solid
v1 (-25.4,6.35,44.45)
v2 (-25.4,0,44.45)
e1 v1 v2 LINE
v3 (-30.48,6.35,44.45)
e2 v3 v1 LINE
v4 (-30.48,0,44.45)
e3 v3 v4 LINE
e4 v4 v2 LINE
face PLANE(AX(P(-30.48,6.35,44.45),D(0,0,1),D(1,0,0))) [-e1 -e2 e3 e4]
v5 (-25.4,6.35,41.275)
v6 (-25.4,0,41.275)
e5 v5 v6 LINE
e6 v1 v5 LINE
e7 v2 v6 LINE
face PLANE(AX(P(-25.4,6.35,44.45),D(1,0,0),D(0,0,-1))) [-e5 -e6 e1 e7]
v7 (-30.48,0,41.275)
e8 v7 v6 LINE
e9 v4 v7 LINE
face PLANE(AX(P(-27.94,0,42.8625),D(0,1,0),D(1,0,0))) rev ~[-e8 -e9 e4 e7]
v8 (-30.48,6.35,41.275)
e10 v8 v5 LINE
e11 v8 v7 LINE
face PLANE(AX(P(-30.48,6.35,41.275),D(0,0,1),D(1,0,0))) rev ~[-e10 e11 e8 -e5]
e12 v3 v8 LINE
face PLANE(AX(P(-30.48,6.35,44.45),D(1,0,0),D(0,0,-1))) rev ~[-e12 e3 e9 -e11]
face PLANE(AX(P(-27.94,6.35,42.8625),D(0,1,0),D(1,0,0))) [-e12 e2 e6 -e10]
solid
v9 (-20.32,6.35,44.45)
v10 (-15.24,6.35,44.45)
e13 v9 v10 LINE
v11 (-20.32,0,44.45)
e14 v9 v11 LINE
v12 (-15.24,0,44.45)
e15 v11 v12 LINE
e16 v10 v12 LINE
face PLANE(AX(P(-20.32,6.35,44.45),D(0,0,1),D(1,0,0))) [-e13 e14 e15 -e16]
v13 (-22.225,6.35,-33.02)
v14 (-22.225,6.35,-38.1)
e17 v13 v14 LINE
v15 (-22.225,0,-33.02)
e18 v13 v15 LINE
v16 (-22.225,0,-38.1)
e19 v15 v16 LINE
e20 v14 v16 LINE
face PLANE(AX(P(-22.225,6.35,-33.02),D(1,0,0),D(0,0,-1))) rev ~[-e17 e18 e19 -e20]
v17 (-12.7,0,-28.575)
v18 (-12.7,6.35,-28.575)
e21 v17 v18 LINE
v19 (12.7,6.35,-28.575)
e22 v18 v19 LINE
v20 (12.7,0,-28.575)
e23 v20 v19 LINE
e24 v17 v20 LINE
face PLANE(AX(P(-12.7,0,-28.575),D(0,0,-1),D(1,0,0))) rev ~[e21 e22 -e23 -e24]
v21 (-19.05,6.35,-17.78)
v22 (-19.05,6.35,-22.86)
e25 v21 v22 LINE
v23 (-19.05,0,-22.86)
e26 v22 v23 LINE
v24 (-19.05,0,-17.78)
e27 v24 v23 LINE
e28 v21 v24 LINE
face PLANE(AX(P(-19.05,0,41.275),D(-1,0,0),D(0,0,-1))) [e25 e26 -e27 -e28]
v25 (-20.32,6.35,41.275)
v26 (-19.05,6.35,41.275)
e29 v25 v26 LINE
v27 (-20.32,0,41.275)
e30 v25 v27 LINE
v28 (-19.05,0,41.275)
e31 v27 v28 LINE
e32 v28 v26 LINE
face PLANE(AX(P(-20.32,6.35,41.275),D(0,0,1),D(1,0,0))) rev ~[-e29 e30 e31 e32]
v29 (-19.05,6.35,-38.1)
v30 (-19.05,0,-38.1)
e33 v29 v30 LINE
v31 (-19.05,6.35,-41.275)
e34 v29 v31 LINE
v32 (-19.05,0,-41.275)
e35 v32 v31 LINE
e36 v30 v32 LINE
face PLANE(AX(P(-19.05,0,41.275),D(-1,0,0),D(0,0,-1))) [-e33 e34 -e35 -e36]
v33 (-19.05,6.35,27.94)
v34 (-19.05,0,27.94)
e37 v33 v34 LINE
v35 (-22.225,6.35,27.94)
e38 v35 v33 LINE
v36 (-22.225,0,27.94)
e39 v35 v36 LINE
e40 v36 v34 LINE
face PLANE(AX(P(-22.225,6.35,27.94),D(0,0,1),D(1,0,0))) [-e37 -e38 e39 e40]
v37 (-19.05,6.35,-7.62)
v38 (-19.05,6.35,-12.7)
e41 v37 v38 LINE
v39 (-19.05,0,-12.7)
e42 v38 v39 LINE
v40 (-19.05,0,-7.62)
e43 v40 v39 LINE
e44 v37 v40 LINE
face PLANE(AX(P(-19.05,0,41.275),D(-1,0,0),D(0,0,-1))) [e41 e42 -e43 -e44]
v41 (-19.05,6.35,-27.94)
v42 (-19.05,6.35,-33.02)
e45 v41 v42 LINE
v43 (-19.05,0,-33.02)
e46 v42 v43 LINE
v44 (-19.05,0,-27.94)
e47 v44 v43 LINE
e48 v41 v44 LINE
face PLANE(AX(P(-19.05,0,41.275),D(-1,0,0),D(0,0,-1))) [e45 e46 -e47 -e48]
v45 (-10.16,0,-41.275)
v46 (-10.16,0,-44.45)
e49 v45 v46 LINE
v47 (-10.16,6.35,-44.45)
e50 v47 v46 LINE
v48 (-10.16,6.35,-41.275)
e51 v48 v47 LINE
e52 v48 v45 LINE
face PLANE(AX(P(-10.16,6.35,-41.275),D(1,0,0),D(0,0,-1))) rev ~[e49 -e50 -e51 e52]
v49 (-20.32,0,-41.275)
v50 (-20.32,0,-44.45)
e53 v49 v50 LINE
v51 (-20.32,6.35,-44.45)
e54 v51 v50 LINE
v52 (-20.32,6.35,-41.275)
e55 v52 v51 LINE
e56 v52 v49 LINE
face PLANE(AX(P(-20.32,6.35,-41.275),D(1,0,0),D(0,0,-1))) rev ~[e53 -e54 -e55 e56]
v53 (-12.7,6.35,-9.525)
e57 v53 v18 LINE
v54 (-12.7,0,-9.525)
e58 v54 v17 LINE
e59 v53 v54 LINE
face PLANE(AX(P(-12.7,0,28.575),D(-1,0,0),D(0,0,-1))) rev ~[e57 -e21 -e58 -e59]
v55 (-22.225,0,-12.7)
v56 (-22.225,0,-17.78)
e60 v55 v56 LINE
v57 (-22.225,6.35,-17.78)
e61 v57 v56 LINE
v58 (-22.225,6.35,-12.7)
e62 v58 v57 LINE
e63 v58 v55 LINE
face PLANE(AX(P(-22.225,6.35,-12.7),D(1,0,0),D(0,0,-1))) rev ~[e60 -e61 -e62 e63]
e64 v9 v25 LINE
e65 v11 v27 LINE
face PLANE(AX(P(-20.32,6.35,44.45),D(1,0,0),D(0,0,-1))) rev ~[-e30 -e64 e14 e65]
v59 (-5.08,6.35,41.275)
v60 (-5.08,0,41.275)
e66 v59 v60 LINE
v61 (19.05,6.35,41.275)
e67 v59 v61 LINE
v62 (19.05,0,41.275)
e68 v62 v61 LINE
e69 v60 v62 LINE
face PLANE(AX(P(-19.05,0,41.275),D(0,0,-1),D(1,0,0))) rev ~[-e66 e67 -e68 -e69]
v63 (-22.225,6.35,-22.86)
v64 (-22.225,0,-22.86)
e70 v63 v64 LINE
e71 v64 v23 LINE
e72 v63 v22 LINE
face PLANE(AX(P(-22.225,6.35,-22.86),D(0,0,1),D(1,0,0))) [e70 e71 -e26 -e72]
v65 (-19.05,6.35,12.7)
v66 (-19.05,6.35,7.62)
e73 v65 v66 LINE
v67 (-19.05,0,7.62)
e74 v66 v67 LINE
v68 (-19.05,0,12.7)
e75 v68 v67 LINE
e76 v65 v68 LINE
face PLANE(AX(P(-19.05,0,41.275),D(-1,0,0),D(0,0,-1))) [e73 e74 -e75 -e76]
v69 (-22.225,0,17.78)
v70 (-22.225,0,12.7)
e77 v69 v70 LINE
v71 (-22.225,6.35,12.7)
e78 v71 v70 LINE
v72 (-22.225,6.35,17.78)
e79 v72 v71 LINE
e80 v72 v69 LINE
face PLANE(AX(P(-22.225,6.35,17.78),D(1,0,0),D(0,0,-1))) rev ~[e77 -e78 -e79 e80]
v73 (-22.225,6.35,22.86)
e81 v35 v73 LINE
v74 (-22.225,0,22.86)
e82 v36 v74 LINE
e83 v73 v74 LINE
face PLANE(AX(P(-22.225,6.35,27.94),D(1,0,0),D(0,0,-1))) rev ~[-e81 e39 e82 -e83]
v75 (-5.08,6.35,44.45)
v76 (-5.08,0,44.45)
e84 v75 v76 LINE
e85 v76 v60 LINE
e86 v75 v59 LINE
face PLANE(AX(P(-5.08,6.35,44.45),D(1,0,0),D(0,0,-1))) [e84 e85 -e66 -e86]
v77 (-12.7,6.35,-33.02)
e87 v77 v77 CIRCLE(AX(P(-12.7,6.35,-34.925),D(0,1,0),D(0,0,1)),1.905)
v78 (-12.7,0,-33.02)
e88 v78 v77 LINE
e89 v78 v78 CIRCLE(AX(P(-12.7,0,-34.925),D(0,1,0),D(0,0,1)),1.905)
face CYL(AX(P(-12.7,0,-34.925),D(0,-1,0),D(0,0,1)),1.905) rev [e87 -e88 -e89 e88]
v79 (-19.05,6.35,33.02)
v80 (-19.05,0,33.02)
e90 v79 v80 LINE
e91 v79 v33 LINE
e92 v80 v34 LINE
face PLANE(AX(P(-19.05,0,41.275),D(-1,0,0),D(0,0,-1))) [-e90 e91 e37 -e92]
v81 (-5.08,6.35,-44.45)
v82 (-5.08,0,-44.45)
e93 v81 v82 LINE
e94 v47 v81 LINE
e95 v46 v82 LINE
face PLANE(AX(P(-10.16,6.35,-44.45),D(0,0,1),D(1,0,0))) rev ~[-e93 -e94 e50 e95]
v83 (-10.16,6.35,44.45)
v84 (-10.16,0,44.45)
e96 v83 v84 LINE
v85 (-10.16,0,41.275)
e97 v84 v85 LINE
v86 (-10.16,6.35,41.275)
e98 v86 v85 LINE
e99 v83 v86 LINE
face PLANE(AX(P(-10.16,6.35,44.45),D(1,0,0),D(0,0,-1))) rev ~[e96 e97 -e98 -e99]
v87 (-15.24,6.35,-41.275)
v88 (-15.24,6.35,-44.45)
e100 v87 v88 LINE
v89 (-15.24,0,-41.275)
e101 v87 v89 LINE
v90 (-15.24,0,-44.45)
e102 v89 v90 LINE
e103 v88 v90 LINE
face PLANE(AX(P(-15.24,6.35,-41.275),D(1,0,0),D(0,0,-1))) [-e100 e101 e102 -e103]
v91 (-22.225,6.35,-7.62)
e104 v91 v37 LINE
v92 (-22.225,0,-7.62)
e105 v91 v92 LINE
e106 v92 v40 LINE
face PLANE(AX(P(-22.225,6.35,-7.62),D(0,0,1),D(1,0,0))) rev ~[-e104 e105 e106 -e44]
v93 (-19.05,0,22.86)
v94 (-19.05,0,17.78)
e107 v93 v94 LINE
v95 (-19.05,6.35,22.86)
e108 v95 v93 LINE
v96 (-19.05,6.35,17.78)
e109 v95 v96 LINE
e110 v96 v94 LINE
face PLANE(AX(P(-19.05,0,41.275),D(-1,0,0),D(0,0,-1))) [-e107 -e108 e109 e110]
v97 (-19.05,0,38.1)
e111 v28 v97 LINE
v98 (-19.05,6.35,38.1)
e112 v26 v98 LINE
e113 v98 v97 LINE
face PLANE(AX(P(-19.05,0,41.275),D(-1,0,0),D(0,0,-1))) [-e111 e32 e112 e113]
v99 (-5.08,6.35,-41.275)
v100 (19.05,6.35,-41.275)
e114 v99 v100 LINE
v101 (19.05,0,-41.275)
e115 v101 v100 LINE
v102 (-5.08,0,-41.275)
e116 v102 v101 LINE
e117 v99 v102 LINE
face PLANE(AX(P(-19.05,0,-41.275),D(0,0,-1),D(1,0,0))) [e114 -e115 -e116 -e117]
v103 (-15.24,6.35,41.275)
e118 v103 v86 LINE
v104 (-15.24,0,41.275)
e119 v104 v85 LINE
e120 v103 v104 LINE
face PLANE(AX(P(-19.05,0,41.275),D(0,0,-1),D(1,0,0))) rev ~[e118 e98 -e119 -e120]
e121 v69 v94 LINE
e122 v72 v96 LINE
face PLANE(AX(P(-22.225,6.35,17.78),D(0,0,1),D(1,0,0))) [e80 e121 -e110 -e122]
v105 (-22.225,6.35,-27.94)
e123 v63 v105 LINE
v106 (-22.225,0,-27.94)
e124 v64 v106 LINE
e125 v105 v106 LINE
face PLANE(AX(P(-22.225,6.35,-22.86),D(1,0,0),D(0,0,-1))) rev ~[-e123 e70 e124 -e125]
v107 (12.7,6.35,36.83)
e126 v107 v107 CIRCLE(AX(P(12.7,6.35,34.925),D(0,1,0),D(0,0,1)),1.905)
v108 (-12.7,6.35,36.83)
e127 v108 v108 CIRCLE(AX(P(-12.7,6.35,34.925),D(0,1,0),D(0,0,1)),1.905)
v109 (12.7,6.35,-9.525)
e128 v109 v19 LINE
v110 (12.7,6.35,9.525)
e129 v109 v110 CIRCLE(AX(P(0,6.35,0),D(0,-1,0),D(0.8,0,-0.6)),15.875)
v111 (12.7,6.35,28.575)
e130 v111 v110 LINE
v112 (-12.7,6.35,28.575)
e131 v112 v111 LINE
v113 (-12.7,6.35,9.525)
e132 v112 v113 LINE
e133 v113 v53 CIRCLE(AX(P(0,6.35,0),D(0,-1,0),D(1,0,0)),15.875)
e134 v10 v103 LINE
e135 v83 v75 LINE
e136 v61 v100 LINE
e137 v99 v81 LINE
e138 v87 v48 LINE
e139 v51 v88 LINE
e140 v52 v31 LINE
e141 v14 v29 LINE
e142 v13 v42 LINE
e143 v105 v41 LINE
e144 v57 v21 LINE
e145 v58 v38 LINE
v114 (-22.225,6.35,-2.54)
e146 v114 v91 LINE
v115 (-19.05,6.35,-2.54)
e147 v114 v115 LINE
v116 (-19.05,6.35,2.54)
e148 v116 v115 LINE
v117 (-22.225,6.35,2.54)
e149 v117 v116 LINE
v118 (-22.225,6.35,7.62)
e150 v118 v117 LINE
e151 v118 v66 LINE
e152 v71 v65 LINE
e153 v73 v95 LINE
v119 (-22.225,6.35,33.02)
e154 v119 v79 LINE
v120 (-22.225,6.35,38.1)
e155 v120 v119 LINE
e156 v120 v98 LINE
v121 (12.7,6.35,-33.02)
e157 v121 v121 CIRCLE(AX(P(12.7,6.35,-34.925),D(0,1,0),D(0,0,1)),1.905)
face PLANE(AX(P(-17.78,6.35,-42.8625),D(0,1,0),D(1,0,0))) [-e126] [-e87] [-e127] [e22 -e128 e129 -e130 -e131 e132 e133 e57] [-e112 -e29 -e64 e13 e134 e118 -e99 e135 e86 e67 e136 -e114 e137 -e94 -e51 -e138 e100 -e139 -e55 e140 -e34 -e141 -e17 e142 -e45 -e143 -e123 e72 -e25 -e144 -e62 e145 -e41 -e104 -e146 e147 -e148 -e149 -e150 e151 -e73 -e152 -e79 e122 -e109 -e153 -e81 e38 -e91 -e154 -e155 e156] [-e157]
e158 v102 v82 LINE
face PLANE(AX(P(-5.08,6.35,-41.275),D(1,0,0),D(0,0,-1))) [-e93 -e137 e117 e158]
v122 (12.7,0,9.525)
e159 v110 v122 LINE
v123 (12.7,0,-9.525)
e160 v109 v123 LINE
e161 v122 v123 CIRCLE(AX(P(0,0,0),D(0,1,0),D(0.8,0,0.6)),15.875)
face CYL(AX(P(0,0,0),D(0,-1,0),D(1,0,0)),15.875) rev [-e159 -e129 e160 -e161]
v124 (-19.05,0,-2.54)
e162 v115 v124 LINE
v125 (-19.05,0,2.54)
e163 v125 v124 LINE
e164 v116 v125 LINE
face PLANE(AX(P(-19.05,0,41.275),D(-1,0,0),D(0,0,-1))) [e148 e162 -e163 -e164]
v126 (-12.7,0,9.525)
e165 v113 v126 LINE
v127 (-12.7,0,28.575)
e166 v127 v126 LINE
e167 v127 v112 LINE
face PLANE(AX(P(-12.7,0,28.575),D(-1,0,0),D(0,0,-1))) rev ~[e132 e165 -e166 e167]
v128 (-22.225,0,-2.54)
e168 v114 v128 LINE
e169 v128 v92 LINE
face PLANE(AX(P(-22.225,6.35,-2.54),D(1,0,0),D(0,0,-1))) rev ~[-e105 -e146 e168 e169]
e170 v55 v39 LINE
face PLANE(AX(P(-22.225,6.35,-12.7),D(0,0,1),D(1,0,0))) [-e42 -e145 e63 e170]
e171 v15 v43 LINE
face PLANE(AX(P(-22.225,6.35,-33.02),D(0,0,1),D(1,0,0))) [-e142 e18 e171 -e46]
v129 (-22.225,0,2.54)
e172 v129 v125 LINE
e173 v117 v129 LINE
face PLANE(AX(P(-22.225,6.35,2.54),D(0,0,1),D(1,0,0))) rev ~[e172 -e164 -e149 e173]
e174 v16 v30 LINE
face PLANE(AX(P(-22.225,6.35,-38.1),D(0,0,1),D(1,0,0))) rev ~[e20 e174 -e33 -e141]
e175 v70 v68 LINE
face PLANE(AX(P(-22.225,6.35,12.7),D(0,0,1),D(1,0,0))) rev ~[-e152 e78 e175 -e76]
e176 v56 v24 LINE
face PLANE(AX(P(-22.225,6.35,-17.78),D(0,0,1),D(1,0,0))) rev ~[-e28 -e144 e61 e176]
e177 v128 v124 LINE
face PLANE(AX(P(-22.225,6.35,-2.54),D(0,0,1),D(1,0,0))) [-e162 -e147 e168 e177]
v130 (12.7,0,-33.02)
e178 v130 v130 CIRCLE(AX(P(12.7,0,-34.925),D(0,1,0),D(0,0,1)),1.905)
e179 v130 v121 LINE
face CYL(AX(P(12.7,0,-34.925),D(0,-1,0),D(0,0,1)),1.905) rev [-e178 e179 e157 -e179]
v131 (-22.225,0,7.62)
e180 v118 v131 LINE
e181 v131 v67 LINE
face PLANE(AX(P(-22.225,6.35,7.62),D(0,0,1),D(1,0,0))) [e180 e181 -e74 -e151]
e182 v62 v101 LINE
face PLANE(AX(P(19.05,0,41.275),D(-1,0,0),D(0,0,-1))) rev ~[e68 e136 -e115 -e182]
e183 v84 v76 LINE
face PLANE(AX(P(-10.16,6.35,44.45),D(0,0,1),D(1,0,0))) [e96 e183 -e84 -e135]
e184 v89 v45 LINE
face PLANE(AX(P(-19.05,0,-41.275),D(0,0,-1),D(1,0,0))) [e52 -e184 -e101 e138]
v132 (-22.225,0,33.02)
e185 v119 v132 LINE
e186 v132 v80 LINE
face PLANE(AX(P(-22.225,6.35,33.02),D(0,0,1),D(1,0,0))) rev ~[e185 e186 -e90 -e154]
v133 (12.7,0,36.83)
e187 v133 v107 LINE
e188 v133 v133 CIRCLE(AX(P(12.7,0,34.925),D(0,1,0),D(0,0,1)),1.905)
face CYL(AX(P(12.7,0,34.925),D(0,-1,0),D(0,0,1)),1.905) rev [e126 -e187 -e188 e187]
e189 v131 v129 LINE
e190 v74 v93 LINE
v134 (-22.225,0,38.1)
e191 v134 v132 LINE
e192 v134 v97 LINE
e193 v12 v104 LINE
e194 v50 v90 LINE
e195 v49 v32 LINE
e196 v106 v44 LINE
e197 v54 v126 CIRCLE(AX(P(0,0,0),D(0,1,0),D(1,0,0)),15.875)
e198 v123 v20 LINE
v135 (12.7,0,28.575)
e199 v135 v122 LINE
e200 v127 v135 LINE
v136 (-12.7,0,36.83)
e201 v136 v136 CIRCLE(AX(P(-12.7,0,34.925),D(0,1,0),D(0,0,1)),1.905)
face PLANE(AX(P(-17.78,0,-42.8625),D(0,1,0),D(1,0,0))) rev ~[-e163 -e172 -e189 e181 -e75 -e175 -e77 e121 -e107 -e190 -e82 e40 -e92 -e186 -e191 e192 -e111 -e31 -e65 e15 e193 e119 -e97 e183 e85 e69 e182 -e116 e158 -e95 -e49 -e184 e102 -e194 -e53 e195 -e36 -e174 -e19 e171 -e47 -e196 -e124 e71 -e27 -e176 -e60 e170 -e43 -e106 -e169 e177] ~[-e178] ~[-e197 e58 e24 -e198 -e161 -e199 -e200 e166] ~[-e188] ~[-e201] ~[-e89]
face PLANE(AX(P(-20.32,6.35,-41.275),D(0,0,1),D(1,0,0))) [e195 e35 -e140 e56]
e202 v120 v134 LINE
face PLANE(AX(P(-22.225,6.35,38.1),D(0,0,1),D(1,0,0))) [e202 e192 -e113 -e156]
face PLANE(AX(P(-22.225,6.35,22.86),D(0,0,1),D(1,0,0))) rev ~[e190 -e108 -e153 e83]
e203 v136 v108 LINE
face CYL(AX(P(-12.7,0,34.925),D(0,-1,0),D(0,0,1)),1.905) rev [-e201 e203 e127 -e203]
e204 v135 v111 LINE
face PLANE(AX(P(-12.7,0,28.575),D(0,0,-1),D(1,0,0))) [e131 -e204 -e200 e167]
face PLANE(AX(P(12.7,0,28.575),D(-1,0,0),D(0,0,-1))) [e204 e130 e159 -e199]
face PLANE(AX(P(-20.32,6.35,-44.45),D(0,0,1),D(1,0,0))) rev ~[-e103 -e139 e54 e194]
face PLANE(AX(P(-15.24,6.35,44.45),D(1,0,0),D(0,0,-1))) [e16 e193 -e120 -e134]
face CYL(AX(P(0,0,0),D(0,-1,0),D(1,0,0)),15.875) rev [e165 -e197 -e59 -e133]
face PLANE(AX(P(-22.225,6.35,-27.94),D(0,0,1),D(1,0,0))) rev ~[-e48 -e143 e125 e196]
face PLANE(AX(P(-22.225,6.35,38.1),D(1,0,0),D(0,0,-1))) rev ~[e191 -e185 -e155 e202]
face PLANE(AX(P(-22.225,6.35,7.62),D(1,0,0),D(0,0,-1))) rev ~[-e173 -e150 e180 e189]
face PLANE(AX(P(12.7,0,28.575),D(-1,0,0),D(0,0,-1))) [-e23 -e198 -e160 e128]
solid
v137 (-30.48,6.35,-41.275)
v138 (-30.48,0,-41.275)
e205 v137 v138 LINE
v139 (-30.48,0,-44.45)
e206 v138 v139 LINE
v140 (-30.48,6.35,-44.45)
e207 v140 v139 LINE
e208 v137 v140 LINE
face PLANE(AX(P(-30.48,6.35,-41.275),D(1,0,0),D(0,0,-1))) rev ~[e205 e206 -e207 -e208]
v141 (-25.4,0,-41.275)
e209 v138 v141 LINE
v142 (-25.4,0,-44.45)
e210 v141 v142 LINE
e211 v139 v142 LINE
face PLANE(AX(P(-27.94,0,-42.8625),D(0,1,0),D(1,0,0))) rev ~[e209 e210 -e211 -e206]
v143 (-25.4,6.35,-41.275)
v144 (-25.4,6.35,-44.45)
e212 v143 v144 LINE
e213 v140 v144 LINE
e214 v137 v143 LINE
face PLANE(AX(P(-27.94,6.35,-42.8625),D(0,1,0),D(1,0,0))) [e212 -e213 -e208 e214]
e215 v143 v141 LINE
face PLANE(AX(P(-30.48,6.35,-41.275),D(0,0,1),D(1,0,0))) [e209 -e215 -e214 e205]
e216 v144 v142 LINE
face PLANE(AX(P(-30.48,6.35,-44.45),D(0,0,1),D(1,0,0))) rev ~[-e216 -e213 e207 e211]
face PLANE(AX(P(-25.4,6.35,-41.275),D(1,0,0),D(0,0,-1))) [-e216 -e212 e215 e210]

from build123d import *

# Parameters (mm, degrees)
SKETCH1_W           = 38.1
SKETCH1_H           = 82.55
SKETCH1_R           = 1.905
SKETCH1_W_2         = 25.4
SKETCH1_H_2         = 57.15
BOSS_EXTRUDE1_DEPTH = 6.35
SKETCH2_R           = 15.875
CUT_EXTRUDE1_DEPTH  = 46.900442536
SKETCH3_W           = 3.175
SKETCH3_H           = 5.08
SKETCH3_W_2         = 5.08
SKETCH3_H_2         = 3.175
BOSS_EXTRUDE2_DEPTH = 6.35


with BuildPart() as part:
    # Sketch1 → Boss-Extrude1 (new body)
    with BuildSketch(Plane(origin=(0, 0, 0), x_dir=(1, 0, 0), z_dir=(0, 1, 0))):
        Rectangle(SKETCH1_W, SKETCH1_H)
        with Locations(Location((-12.7, 34.925, 0), (0, 0, 270))):
            Circle(SKETCH1_R, mode=Mode.SUBTRACT)
        with Locations(Location((12.7, 34.925, 0), (0, 0, 270))):
            Circle(SKETCH1_R, mode=Mode.SUBTRACT)
        with Locations(Location((12.7, -34.925, 0), (0, 0, 270))):
            Circle(SKETCH1_R, mode=Mode.SUBTRACT)
        with Locations(Location((-12.7, -34.925, 0), (0, 0, 270))):
            Circle(SKETCH1_R, mode=Mode.SUBTRACT)
        Rectangle(SKETCH1_W_2, SKETCH1_H_2, mode=Mode.SUBTRACT)
    extrude(amount=BOSS_EXTRUDE1_DEPTH)

    # Sketch2 → Cut-Extrude1 (cut, through all)
    with BuildSketch(Plane(origin=(0, 0, 0), x_dir=(1, 0, 0), z_dir=(0, 1, 0))):
        Circle(SKETCH2_R)
    extrude(amount=CUT_EXTRUDE1_DEPTH, mode=Mode.SUBTRACT)

    # Sketch3 → Boss-Extrude2 (add)
    with BuildSketch(Plane(origin=(0, 6.35, 0), x_dir=(1, 0, 0), z_dir=(0, 1, 0))):
        with Locations((-20.6375, 35.56)):
            Rectangle(SKETCH3_W, SKETCH3_H)
        with Locations((-20.6375, 25.4)):
            Rectangle(SKETCH3_W, SKETCH3_H)
        with Locations((-20.6375, 15.24)):
            Rectangle(SKETCH3_W, SKETCH3_H)
        with Locations((-20.6375, 5.08)):
            Rectangle(SKETCH3_W, SKETCH3_H)
        with Locations((-20.6375, -5.08)):
            Rectangle(SKETCH3_W, SKETCH3_H)
        with Locations((-20.6375, -15.24)):
            Rectangle(SKETCH3_W, SKETCH3_H)
        with Locations((-20.6375, -25.4)):
            Rectangle(SKETCH3_W, SKETCH3_H)
        with Locations((-20.6375, -35.56)):
            Rectangle(SKETCH3_W, SKETCH3_H)
        with Locations((-7.62, 42.8625)):
            Rectangle(SKETCH3_W_2, SKETCH3_H_2)
        with Locations((-17.78, 42.8625)):
            Rectangle(SKETCH3_W_2, SKETCH3_H_2)
        with Locations((-27.94, 42.8625)):
            Rectangle(SKETCH3_W_2, SKETCH3_H_2)
        with Locations((-27.94, -42.8625)):
            Rectangle(SKETCH3_W_2, SKETCH3_H_2)
        with Locations((-17.78, -42.8625)):
            Rectangle(SKETCH3_W_2, SKETCH3_H_2)
        with Locations((-7.62, -42.8625)):
            Rectangle(SKETCH3_W_2, SKETCH3_H_2)
    extrude(amount=-BOSS_EXTRUDE2_DEPTH)


with BuildPart() as boss_extrude2_piece_1:
    # of the separate pieces the step leaves, piece 1, a body of its own (boss_extrude2_pieces)
    add(part.part.solids().sort_by_distance((-15.24, 0, 41.275))[0])


with BuildPart() as boss_extrude2_piece_2:
    # of the separate pieces the step leaves, piece 2, a body of its own (boss_extrude2_pieces)
    add(part.part.solids().sort_by_distance((-25.4, 6.35, -41.275))[0])


with BuildPart() as boss_extrude2_piece_3:
    # of the separate pieces the step leaves, piece 3, a body of its own (boss_extrude2_pieces)
    add(part.part.solids().sort_by_distance((-25.4, 6.35, 41.275))[0])


solid = Compound([boss_extrude2_piece_1.part, boss_extrude2_piece_2.part, boss_extrude2_piece_3.part])
